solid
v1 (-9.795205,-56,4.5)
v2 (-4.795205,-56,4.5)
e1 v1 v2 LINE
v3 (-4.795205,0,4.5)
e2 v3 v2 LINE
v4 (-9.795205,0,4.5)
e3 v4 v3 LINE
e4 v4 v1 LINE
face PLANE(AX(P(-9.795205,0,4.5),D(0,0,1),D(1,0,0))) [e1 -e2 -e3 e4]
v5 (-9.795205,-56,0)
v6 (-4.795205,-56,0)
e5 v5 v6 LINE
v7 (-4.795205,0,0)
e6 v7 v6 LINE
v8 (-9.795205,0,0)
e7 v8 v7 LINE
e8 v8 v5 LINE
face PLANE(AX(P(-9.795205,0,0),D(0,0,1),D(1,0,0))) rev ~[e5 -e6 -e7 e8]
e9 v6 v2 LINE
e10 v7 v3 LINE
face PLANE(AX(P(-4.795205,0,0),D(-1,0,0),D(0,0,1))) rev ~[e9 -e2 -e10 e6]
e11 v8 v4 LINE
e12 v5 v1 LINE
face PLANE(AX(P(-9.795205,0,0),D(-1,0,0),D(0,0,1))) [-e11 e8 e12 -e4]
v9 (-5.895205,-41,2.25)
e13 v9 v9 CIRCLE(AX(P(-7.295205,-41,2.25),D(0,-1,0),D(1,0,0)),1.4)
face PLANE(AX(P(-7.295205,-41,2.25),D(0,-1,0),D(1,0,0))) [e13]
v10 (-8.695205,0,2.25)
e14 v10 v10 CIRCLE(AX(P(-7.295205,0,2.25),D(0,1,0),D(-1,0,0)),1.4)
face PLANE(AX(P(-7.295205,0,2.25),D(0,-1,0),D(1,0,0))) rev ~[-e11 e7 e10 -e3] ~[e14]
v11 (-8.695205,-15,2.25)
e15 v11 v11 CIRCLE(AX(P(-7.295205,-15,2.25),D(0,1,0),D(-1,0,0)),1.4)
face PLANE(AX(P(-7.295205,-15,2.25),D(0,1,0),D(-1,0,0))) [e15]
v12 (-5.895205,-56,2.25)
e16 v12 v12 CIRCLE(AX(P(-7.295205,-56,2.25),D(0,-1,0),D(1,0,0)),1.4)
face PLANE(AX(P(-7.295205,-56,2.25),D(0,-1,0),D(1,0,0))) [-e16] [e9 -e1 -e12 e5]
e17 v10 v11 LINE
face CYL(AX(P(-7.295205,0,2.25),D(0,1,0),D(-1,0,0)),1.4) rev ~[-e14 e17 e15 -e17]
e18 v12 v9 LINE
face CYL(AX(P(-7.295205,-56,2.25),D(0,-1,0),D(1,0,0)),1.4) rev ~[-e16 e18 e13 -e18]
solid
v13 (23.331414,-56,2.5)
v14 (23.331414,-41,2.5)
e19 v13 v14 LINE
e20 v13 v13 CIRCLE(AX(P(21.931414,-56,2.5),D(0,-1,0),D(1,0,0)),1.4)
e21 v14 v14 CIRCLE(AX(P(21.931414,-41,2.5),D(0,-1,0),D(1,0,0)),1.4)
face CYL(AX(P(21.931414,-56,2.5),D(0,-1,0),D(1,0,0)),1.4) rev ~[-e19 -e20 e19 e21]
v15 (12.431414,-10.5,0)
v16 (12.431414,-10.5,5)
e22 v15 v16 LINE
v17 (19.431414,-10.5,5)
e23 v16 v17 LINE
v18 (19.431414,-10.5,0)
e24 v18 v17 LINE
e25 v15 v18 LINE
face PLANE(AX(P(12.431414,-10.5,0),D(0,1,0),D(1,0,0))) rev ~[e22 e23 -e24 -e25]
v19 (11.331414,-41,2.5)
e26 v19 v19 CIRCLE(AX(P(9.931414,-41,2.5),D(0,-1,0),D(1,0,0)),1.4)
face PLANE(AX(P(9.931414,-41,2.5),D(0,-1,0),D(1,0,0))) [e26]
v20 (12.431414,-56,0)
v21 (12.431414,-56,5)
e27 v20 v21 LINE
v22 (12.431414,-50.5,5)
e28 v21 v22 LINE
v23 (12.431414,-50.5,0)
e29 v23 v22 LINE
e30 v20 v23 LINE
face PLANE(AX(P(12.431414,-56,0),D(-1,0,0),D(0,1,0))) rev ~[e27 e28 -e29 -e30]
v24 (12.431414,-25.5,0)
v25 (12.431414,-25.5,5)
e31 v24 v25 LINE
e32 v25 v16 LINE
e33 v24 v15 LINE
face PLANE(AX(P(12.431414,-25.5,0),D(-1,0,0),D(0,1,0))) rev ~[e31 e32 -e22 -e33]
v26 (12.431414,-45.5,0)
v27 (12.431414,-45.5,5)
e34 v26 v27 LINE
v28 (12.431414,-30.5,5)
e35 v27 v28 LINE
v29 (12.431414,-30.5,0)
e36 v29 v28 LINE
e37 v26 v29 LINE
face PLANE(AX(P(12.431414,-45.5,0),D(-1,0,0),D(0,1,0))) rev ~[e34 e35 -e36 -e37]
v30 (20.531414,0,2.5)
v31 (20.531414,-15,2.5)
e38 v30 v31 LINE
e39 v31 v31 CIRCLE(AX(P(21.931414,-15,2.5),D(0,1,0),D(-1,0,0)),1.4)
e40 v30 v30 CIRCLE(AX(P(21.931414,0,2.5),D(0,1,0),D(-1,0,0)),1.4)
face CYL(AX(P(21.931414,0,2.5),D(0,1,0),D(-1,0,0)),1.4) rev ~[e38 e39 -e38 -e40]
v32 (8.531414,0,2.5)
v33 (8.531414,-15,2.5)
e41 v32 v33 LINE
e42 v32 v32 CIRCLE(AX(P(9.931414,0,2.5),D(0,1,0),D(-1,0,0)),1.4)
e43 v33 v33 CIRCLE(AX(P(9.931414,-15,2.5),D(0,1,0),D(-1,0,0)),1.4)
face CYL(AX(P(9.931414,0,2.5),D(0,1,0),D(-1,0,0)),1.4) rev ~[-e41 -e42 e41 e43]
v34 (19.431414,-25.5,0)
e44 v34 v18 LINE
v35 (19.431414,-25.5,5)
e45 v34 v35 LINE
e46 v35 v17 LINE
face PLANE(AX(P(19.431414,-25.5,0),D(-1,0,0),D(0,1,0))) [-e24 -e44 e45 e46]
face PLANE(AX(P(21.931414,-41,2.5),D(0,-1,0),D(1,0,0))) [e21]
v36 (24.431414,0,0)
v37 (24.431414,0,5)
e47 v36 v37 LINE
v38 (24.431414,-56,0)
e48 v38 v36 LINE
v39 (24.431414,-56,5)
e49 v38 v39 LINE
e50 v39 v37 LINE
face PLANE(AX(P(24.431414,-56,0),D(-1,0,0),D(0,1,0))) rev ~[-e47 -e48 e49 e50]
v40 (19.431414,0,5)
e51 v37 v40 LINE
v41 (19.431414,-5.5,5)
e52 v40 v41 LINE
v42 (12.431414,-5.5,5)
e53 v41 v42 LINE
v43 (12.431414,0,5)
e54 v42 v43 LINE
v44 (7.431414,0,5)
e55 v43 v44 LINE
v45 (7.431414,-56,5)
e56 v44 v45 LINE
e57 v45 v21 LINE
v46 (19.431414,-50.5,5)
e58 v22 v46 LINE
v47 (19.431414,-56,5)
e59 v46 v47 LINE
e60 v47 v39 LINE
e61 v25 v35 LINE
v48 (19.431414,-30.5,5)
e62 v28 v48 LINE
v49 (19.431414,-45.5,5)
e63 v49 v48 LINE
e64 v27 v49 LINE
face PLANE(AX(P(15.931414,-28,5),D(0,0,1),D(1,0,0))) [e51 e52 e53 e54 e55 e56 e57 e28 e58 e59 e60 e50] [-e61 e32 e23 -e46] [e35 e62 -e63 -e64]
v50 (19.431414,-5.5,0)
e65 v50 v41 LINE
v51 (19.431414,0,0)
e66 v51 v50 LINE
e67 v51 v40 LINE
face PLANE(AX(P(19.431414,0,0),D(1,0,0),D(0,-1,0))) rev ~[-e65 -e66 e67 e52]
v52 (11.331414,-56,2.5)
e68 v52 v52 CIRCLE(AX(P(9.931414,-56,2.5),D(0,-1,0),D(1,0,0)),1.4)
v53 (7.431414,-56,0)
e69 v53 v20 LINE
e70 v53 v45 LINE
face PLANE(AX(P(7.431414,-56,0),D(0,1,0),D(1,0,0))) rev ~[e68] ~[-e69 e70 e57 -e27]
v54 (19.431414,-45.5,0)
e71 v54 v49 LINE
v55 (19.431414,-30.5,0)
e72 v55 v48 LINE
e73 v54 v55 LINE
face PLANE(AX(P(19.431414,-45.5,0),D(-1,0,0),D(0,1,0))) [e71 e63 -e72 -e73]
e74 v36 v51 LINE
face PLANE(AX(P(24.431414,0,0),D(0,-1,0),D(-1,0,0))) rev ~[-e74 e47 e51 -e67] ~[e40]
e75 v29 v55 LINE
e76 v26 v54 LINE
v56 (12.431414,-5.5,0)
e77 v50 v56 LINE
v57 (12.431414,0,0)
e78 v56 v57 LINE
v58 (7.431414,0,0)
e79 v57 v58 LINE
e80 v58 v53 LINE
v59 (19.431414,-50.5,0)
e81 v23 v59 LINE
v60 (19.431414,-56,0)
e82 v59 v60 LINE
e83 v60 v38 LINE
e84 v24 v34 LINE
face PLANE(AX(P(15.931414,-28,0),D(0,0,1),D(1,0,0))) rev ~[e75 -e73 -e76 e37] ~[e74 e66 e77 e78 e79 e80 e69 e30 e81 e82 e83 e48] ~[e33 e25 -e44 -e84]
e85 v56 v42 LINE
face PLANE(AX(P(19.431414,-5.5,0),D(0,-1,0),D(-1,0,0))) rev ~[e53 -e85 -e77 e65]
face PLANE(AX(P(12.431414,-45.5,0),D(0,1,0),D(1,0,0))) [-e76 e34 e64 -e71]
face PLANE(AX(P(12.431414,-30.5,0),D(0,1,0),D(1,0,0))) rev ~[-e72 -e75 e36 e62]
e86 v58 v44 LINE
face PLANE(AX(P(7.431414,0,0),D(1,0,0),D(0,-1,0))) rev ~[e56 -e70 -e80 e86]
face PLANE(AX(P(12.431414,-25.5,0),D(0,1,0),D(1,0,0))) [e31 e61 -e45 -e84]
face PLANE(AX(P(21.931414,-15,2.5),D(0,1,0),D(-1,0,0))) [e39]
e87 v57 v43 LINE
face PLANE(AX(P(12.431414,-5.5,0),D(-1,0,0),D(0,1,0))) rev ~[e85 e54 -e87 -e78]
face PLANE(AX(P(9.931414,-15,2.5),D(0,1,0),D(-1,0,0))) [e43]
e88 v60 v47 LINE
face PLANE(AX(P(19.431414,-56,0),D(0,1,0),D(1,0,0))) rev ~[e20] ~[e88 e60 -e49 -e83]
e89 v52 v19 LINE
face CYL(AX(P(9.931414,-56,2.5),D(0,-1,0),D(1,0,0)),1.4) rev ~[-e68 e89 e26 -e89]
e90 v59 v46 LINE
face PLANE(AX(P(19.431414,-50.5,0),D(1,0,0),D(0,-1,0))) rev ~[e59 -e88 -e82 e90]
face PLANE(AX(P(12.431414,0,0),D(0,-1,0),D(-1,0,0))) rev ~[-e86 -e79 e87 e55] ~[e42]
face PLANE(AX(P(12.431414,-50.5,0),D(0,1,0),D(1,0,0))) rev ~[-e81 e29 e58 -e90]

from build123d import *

# Parameters (mm, degrees)
F0_W      = 5
F0_H      = 4.5
F1_DEPTH  = 56
F2_R      = 1.4
F3_DEPTH  = 15
F4_R      = 1.4
F5_DEPTH  = 15
F6_W      = 7
F6_H      = 15
F7_DEPTH  = 5
F8_R      = 1.4
F10_DEPTH = 15
F9_R      = 1.4
F11_DEPTH = 15


with BuildPart() as f1:
    # F0 (on Front) → F1 (new body)
    with BuildSketch(Plane.XZ):
        with Locations((-7.295205, 2.25)):
            Rectangle(F0_W, F0_H)
    extrude(amount=F1_DEPTH)

    # F2 (on face) → F3 (cut)
    with BuildSketch(Plane.XZ.offset(56)):
        with Locations((-7.295205, 2.25)):
            Circle(F2_R)
    extrude(amount=-F3_DEPTH, mode=Mode.SUBTRACT)

    # F4 (on face) → F5 (cut)
    with BuildSketch(Plane(origin=(0, 0, 0), x_dir=(-1, 0, 0), z_dir=(0, 1, 0))):
        with Locations((7.295205, 2.25)):
            Circle(F4_R)
    extrude(amount=-F5_DEPTH, mode=Mode.SUBTRACT)


with BuildPart() as f7:
    # F6 (on Top) → F7 (new body)
    with BuildSketch(Plane.XY):
        Polygon((12.431414, 0), (7.431414, 0), (7.431414, -56), (12.431414, -56), (12.431414, -50.5), (19.431414, -50.5), (19.431414, -56), (24.431414, -56), (24.431414, 0), (19.431414, 0), (19.431414, -5.5), (12.431414, -5.5), align=None)
        with Locations((15.931414, -38)):
            Rectangle(F6_W, F6_H, mode=Mode.SUBTRACT)
        with Locations((15.931414, -18)):
            Rectangle(F6_W, F6_H, mode=Mode.SUBTRACT)
    extrude(amount=F7_DEPTH)

    # F8 (on face) → F10 (cut)
    with BuildSketch(Plane.XZ.offset(56)):
        with Locations((9.931414, 2.5)):
            Circle(F8_R)
        with Locations((21.931414, 2.5)):
            Circle(F8_R)
    extrude(amount=-F10_DEPTH, mode=Mode.SUBTRACT)

    # F9 (on face) → F11 (cut)
    with BuildSketch(Plane(origin=(0, 0, 0), x_dir=(-1, 0, 0), z_dir=(0, 1, 0))):
        with Locations((-21.931414, 2.5)):
            Circle(F9_R)
        with Locations((-9.931414, 2.5)):
            Circle(F9_R)
    extrude(amount=-F11_DEPTH, mode=Mode.SUBTRACT)


solid = Compound([f1.part, f7.part])
